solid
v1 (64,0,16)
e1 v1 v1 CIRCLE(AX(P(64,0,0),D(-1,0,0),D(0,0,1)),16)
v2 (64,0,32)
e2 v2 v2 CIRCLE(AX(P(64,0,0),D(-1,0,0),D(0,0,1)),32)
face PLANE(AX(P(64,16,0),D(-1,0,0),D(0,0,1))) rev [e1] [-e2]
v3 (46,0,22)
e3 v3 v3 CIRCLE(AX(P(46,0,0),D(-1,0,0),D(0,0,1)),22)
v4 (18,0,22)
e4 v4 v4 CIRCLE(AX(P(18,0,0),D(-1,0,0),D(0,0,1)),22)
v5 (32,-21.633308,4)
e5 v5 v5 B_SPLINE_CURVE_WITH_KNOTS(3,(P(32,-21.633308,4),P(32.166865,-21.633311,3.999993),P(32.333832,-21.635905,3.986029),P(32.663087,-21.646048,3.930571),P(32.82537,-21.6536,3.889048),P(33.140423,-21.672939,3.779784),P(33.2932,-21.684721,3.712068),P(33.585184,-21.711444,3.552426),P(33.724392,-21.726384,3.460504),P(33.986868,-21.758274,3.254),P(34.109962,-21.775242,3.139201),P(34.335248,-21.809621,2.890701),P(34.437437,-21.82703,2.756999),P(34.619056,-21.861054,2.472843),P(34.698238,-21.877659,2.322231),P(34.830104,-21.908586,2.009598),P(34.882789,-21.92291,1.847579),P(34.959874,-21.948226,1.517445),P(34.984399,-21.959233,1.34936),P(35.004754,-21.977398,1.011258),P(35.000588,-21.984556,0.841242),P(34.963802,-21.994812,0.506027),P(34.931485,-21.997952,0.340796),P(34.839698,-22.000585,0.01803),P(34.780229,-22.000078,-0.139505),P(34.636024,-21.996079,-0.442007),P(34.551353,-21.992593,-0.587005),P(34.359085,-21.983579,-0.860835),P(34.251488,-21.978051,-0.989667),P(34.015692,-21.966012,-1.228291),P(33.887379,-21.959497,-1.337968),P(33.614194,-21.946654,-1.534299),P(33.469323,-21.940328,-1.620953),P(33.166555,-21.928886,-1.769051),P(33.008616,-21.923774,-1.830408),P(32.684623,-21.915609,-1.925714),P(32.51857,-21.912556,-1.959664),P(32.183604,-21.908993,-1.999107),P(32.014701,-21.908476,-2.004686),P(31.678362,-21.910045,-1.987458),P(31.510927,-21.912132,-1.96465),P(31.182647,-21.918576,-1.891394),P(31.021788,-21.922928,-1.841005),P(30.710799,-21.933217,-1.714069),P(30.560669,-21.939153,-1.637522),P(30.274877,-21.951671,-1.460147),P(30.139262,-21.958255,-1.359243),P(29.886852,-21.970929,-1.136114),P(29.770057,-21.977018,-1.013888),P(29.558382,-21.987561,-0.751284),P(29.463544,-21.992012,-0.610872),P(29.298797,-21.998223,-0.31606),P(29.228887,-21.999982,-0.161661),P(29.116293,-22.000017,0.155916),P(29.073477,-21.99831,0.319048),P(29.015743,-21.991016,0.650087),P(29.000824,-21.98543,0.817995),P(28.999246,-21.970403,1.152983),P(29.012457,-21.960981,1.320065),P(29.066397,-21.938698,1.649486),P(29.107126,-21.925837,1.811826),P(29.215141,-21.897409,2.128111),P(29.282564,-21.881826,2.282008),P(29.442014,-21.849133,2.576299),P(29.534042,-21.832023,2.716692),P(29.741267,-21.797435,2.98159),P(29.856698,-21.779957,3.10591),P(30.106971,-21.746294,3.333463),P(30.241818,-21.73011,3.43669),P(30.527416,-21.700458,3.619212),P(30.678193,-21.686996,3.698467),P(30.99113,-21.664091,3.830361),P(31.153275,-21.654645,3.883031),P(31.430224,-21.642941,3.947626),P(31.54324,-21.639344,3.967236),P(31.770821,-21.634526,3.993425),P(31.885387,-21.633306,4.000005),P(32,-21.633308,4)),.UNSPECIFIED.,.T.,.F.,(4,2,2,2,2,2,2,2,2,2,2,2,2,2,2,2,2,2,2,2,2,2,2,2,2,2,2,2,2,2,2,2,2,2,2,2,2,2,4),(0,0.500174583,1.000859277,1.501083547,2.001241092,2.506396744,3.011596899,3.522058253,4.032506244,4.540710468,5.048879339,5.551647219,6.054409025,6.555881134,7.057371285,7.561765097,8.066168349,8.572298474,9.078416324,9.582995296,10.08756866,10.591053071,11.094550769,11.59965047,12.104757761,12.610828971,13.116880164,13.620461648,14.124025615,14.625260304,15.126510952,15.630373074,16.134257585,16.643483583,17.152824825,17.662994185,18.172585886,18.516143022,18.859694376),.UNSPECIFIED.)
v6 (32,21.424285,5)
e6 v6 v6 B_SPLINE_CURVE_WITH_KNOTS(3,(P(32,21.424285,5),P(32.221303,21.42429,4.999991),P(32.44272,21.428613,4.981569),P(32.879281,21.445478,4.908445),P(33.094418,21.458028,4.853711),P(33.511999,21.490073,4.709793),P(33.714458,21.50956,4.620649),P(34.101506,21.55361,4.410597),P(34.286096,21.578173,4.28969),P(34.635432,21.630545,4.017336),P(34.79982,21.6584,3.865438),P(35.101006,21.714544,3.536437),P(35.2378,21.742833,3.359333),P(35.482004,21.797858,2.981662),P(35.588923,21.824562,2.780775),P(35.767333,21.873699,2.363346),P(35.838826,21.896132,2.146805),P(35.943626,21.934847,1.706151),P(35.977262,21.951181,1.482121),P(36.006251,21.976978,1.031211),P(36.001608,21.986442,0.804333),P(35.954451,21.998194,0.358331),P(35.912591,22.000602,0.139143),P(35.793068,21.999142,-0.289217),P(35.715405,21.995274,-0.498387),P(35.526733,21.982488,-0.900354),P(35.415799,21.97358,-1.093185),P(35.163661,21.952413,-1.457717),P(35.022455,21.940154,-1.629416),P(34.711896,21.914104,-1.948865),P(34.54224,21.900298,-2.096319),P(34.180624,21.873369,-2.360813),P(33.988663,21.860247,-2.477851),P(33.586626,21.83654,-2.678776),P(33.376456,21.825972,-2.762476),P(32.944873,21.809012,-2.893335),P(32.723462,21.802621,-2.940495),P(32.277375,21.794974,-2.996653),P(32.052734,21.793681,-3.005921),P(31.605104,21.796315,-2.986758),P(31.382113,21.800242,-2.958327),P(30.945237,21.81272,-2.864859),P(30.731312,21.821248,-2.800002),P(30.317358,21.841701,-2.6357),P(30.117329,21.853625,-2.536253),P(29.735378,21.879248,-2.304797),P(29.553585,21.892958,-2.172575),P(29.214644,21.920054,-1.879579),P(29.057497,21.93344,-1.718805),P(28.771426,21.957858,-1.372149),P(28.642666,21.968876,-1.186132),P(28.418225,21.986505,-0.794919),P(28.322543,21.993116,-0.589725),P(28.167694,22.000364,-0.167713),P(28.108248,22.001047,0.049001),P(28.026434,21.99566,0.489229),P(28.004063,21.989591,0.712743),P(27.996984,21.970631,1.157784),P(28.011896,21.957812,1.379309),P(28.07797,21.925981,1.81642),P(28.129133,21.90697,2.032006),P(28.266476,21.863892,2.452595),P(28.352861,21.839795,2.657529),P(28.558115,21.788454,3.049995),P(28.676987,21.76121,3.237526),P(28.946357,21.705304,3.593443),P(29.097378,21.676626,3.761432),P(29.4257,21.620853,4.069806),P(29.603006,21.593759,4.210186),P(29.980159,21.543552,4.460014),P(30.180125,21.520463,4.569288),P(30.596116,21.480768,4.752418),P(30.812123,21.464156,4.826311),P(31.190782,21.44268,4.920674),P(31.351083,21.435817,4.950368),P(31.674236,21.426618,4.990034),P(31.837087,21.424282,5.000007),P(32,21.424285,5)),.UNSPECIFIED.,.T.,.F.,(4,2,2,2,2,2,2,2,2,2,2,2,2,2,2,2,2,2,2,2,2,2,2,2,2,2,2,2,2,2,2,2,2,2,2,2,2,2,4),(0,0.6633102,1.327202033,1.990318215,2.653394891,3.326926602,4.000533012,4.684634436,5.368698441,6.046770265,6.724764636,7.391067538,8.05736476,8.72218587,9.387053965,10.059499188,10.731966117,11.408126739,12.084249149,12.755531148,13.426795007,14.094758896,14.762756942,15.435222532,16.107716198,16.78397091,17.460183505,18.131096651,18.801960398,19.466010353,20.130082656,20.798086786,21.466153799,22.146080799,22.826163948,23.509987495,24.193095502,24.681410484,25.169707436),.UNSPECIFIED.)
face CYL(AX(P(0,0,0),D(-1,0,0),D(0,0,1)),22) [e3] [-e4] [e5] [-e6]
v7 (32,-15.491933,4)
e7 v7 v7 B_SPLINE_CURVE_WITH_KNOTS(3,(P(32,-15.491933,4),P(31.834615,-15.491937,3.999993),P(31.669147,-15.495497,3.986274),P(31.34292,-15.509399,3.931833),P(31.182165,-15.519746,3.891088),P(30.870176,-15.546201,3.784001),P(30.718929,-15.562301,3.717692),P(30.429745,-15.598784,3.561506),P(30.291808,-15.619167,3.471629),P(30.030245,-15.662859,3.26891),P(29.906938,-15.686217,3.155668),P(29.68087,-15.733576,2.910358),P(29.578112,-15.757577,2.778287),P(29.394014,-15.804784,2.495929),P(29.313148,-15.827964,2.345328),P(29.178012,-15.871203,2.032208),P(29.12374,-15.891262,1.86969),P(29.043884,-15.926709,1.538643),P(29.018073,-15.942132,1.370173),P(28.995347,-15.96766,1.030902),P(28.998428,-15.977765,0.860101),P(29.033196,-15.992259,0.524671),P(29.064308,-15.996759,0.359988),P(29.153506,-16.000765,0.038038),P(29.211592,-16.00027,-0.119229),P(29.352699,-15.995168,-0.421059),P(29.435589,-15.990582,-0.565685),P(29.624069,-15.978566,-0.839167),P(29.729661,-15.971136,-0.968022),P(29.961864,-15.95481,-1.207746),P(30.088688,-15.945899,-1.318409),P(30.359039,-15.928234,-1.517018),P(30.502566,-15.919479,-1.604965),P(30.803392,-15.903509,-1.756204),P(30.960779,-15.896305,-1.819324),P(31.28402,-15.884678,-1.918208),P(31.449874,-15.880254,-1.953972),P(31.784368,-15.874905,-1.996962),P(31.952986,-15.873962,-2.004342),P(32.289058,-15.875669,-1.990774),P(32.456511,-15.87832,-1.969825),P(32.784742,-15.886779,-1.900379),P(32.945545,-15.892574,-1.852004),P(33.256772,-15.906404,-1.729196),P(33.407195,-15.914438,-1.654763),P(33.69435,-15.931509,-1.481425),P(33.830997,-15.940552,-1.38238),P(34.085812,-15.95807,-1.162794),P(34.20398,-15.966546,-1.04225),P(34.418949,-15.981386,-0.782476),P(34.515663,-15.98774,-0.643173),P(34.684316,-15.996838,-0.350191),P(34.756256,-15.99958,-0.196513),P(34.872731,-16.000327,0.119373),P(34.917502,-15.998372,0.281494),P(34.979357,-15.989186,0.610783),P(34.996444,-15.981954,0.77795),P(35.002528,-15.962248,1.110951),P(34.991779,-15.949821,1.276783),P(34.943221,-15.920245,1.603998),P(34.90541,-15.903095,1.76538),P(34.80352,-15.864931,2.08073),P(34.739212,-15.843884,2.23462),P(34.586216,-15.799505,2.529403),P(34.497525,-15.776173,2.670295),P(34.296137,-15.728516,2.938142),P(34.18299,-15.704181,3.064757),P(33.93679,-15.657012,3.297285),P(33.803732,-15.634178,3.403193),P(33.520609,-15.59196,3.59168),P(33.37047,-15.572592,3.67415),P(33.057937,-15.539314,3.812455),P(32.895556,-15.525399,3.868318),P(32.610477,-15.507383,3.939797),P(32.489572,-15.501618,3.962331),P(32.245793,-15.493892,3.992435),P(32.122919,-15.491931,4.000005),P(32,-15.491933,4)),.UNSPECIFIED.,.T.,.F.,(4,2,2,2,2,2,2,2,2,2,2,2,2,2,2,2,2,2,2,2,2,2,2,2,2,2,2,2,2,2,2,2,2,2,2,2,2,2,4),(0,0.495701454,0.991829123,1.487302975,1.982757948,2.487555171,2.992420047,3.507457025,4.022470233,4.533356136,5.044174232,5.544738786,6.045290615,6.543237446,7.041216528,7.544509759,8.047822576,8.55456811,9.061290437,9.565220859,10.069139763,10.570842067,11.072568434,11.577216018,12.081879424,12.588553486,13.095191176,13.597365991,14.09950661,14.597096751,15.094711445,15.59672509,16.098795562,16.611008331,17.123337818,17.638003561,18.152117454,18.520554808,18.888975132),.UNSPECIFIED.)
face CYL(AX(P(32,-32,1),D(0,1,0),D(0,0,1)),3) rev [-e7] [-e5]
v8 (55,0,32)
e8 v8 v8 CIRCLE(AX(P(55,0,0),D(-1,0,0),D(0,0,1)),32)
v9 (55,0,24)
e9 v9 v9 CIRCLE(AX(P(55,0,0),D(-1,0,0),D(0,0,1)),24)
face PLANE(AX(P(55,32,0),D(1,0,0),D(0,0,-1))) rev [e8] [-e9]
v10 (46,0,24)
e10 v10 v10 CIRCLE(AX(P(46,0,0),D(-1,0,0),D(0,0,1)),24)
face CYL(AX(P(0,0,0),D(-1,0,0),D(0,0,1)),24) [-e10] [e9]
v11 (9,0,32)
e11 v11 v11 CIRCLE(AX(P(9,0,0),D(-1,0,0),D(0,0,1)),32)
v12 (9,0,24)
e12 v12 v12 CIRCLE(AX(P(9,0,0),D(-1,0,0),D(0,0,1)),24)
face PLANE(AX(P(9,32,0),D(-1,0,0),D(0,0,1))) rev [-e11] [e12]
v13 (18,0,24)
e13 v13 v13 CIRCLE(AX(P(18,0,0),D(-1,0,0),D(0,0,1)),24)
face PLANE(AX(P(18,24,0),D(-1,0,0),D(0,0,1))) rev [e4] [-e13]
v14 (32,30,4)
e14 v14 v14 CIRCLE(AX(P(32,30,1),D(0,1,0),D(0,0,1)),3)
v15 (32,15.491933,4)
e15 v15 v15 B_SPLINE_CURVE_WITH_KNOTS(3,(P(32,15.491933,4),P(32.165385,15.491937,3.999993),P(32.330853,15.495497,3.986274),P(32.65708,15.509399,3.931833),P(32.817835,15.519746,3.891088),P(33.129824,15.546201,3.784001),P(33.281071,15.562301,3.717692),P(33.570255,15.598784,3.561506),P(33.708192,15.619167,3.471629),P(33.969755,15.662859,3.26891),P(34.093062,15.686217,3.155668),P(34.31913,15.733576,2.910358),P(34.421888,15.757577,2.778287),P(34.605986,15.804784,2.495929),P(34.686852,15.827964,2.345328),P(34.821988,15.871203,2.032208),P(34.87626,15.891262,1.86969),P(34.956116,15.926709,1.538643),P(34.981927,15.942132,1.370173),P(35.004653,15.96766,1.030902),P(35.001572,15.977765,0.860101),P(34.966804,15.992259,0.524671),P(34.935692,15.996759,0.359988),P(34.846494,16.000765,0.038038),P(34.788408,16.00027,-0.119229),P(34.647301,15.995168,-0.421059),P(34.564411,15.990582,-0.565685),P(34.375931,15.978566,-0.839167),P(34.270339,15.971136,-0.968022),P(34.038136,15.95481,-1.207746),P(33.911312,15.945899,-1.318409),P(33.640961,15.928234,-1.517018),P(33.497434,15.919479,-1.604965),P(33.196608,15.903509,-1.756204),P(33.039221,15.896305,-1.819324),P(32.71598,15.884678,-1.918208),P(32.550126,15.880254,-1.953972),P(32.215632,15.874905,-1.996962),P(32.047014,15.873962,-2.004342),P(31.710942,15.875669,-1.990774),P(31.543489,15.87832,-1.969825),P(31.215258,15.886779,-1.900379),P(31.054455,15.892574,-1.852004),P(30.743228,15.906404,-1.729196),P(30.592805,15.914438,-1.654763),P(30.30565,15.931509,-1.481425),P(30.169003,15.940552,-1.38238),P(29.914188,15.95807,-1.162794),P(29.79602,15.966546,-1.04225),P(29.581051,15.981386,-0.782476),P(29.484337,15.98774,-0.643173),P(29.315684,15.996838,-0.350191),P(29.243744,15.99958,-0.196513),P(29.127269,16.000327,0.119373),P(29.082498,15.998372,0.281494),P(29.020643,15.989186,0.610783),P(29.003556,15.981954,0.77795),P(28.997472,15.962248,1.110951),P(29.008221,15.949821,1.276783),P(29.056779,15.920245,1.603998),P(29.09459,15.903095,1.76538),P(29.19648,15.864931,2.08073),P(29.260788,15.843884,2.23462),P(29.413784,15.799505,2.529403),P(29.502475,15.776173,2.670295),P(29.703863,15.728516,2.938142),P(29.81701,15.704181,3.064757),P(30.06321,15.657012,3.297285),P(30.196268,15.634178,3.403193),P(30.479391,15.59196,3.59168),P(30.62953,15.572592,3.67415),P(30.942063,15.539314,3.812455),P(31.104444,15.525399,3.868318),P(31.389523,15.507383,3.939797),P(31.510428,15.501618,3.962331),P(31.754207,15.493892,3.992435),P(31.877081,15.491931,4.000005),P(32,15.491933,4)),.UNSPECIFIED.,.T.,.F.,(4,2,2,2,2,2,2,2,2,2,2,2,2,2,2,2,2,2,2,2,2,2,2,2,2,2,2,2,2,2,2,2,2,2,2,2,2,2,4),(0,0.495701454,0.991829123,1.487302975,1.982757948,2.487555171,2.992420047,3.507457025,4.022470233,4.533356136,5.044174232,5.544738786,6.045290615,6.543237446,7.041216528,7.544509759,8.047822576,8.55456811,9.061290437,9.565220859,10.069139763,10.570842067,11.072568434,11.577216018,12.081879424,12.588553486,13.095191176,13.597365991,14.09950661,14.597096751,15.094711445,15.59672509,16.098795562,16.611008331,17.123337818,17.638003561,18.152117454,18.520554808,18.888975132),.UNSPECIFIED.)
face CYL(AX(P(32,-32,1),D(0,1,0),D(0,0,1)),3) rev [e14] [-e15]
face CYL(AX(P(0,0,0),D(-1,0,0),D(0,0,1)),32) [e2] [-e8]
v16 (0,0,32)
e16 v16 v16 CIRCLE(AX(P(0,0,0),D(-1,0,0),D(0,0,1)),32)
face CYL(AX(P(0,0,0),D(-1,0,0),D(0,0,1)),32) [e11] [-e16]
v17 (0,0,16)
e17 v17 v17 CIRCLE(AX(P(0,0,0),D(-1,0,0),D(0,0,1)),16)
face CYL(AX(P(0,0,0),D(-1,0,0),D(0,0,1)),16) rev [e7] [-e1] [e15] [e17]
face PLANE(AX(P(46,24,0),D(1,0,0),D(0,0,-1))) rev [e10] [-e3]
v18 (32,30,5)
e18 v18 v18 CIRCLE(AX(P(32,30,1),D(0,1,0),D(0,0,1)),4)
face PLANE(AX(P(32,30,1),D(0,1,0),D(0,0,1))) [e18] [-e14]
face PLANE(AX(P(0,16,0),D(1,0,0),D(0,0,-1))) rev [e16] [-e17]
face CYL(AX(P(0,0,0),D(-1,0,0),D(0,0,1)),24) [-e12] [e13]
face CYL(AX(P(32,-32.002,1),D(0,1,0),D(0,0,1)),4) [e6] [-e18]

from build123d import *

# Parameters (mm, degrees)
BOSS_EXTRUDE1_REACH      = 96.678
BOSS_EXTRUDE1_END_RADIUS = 22
SKETCH2_R                = 4
SKETCH3_R                = 3
CUT_EXTRUDE1_DEPTH       = 95.678403028


with BuildPart() as part:
    # Sketch1 → Revolve1 (revolve)
    with BuildSketch(Plane.XY, mode=Mode.PRIVATE) as revolve1_sk:
        Polygon((0, 16), (64, 16), (64, 32), (55, 32), (55, 24), (46, 24), (46, 22), (18, 22), (18, 24), (9, 24), (9, 32), (0, 32), align=None)
    revolve(revolve1_sk.sketch.rotate(Axis((0, 0, 0), (1, 0, 0)), 90), axis=Axis((0, 0, 0), (1, 0, 0)))

    # Boss-Extrude1: up to this cylinder (the profile starts outside it)
    boss_extrude1_end = Plane(origin=(32, 0, 0), z_dir=(-1, 0, 0)) * Cylinder(BOSS_EXTRUDE1_END_RADIUS, 238.356, mode=Mode.PRIVATE)
    # Sketch2 → Boss-Extrude1 (add, up to the surface)
    with BuildSketch(Plane(origin=(0, 30, 0), x_dir=(1, 0, 0), z_dir=(0, 1, 0)), mode=Mode.PRIVATE) as boss_extrude1_sk1:
        with Locations(Location((32, -1, 0), (0, 0, 270))):
            Circle(SKETCH2_R)
    boss_extrude1_tool1 = extrude(boss_extrude1_sk1.sketch, amount=-BOSS_EXTRUDE1_REACH, mode=Mode.PRIVATE) - boss_extrude1_end
    add(boss_extrude1_tool1.solids().sort_by_distance((32, 30, 1))[0])

    # Sketch3 → Cut-Extrude1 (cut, through all)
    with BuildSketch(Plane(origin=(0, 30, 0), x_dir=(1, 0, 0), z_dir=(0, 1, 0))):
        with Locations(Location((32, -1, 0), (0, 0, 270))):
            Circle(SKETCH3_R)
    extrude(amount=-CUT_EXTRUDE1_DEPTH, mode=Mode.SUBTRACT)


solid = part.part
